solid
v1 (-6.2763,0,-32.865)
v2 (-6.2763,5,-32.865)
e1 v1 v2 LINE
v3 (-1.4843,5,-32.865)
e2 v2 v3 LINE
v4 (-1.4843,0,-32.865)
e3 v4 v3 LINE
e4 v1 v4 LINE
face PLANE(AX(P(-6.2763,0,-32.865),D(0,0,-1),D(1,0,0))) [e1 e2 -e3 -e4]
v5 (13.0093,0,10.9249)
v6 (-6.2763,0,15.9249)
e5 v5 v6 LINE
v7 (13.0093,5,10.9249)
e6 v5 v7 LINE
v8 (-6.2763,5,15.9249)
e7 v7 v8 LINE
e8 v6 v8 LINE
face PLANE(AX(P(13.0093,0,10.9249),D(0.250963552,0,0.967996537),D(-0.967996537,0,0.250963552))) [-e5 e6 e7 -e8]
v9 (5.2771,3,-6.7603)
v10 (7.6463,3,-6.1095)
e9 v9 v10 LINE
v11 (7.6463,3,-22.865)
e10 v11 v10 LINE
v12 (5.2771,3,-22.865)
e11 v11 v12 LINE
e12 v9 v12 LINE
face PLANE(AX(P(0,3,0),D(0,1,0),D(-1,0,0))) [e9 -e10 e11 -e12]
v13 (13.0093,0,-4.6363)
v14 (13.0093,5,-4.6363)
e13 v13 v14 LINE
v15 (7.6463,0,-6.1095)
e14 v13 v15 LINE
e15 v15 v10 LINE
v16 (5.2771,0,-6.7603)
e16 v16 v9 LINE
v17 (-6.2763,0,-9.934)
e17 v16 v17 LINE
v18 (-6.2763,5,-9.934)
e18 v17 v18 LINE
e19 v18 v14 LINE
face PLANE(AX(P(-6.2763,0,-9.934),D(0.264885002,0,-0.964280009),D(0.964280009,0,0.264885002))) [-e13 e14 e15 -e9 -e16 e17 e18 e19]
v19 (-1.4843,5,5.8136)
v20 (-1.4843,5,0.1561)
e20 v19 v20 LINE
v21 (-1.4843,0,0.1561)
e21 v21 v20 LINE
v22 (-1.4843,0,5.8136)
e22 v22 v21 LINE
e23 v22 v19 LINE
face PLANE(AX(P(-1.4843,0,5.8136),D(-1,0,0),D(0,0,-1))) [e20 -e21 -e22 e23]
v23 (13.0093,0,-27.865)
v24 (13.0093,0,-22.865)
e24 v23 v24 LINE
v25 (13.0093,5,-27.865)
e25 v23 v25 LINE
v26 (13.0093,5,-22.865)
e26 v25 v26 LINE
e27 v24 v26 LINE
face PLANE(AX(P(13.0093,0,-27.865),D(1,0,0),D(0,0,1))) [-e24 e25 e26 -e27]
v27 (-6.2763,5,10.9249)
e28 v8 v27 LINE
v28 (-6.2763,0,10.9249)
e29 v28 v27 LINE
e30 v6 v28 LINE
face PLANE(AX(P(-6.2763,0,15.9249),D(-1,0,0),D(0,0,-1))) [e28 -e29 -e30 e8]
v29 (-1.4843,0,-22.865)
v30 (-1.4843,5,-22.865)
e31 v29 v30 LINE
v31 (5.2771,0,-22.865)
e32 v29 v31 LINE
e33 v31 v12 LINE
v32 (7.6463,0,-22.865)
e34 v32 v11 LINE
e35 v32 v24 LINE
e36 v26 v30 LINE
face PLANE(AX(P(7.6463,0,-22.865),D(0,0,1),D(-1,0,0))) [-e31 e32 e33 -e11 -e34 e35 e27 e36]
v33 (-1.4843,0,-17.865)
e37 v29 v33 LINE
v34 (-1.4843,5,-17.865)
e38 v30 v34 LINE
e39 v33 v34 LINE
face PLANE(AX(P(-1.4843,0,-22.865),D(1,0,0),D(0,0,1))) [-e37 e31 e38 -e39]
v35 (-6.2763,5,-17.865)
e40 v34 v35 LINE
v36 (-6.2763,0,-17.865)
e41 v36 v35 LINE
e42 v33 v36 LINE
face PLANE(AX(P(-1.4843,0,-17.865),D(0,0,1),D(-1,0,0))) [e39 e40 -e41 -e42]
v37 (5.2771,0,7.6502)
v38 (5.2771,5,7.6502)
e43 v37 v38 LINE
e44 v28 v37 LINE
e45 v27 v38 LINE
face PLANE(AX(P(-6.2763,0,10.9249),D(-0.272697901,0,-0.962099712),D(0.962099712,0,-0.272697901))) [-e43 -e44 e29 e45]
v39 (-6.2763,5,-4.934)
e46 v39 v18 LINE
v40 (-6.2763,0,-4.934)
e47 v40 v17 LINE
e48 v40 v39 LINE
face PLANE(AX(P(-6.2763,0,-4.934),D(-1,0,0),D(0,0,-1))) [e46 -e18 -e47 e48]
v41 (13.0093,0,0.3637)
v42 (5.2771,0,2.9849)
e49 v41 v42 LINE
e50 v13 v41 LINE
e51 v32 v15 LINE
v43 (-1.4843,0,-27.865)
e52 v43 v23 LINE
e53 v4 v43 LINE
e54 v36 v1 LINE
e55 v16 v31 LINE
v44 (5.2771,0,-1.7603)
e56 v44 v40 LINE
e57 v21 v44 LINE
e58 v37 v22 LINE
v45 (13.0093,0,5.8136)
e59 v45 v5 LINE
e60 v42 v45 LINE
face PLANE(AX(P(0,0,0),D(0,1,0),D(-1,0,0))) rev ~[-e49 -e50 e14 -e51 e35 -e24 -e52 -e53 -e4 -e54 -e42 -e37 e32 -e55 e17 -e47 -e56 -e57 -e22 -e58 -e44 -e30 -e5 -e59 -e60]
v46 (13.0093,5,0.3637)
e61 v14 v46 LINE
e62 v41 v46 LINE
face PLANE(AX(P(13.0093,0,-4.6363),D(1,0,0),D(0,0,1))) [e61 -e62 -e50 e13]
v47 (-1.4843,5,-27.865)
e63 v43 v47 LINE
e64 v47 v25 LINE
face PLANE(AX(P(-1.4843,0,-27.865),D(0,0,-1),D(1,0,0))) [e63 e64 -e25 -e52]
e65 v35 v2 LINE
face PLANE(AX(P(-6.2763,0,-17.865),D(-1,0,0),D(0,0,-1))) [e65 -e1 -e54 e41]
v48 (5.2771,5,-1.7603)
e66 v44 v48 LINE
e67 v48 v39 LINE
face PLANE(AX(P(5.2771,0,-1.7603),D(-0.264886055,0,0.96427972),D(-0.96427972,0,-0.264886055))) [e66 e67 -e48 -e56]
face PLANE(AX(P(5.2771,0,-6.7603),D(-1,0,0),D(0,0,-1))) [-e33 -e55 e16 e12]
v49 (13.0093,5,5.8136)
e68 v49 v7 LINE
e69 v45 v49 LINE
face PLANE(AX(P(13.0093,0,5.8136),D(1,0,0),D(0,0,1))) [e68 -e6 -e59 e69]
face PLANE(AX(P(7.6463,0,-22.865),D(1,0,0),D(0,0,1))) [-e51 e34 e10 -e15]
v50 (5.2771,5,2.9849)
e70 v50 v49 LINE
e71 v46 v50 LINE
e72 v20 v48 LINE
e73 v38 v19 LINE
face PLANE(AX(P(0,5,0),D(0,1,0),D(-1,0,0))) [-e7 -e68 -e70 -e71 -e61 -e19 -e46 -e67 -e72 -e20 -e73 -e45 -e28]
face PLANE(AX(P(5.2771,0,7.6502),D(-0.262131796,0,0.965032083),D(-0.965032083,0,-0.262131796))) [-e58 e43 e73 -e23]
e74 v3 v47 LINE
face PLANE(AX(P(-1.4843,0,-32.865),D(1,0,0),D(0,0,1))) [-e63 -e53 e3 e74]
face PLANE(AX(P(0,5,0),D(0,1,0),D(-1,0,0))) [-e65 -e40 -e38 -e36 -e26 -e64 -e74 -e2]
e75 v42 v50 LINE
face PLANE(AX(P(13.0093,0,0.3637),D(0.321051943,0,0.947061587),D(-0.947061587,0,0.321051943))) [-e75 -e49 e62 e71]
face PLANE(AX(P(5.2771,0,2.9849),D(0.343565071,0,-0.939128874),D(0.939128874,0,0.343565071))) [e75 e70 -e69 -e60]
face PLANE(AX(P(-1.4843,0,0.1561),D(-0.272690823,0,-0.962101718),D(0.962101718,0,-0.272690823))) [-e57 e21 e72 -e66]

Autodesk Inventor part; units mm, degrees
ref_plane "YZ Plane" through (0, 0, 0) normal (1, 0, 0) x (0, 1, 0)
ref_plane "XZ Plane" through (0, 0, 0) normal (0, 1, 0) x (-1, 0, 0)
ref_plane "XY Plane" through (0, 0, 0) normal (0, 0, 1) x (1, 0, 0)
sketch "Sketch1" plane through (0, 0, 0) normal (0, 1, 0) x (-1, 0, 0)
  line L0 (6.2763, 15.9249) -> (6.2763, 10.9249)
  line L1 (6.2763, 10.9249) -> (-5.2771, 7.6502)
  line L2 (-5.2771, 7.6502) -> (1.4843, 5.8136)
  line L3 (1.4843, 5.8136) -> (1.4843, 0.1561)
  line L4 (1.4843, 0.1561) -> (-5.2771, -1.7603)
  line L5 (-5.2771, -1.7603) -> (6.2763, -4.934)
  line L6 (6.2763, -4.934) -> (6.2763, -9.934)
  line L7 (6.2763, -9.934) -> (-13.0093, -4.6363)
  line L8 (-13.0093, -4.6363) -> (-13.0093, 0.3637)
  line L9 (-13.0093, 0.3637) -> (-5.2771, 2.9849)
  line L10 (-5.2771, 2.9849) -> (-13.0093, 5.8136)
  line L11 (-13.0093, 5.8136) -> (-13.0093, 10.9249)
  line L12 (-13.0093, 10.9249) -> (6.2763, 15.9249)
  line L13 (6.2763, -17.865) -> (6.2763, -32.865)
  line L14 (6.2763, -32.865) -> (1.4843, -32.865)
  line L15 (1.4843, -32.865) -> (1.4843, -27.865)
  line L16 (1.4843, -27.865) -> (-13.0093, -27.865)
  line L17 (-13.0093, -27.865) -> (-13.0093, -22.865)
  line L18 (-13.0093, -22.865) -> (1.4843, -22.865)
  line L19 (1.4843, -22.865) -> (1.4843, -17.865)
  line L20 (1.4843, -17.865) -> (6.2763, -17.865)
  line L21 (-5.2771, -6.7603) -> (-5.2771, -22.865)
  line L22 (-7.6463, -22.865) -> (-7.6463, -6.1095)
  point P0 (0, 0)
extrude "Extrusion1" add sketch "Sketch1" along normal blind 5 contours L0 L1 L2 L3 L4 L5 L6 L7 L8 L9 L10 L11 L12 | L18 L19 L20 L13 L14 L15 L16 L17
extrude "Extrusion2" add sketch "Sketch1" along normal blind 3 contours L7 L21 L18 L22
properties part number "hw1-initials"
